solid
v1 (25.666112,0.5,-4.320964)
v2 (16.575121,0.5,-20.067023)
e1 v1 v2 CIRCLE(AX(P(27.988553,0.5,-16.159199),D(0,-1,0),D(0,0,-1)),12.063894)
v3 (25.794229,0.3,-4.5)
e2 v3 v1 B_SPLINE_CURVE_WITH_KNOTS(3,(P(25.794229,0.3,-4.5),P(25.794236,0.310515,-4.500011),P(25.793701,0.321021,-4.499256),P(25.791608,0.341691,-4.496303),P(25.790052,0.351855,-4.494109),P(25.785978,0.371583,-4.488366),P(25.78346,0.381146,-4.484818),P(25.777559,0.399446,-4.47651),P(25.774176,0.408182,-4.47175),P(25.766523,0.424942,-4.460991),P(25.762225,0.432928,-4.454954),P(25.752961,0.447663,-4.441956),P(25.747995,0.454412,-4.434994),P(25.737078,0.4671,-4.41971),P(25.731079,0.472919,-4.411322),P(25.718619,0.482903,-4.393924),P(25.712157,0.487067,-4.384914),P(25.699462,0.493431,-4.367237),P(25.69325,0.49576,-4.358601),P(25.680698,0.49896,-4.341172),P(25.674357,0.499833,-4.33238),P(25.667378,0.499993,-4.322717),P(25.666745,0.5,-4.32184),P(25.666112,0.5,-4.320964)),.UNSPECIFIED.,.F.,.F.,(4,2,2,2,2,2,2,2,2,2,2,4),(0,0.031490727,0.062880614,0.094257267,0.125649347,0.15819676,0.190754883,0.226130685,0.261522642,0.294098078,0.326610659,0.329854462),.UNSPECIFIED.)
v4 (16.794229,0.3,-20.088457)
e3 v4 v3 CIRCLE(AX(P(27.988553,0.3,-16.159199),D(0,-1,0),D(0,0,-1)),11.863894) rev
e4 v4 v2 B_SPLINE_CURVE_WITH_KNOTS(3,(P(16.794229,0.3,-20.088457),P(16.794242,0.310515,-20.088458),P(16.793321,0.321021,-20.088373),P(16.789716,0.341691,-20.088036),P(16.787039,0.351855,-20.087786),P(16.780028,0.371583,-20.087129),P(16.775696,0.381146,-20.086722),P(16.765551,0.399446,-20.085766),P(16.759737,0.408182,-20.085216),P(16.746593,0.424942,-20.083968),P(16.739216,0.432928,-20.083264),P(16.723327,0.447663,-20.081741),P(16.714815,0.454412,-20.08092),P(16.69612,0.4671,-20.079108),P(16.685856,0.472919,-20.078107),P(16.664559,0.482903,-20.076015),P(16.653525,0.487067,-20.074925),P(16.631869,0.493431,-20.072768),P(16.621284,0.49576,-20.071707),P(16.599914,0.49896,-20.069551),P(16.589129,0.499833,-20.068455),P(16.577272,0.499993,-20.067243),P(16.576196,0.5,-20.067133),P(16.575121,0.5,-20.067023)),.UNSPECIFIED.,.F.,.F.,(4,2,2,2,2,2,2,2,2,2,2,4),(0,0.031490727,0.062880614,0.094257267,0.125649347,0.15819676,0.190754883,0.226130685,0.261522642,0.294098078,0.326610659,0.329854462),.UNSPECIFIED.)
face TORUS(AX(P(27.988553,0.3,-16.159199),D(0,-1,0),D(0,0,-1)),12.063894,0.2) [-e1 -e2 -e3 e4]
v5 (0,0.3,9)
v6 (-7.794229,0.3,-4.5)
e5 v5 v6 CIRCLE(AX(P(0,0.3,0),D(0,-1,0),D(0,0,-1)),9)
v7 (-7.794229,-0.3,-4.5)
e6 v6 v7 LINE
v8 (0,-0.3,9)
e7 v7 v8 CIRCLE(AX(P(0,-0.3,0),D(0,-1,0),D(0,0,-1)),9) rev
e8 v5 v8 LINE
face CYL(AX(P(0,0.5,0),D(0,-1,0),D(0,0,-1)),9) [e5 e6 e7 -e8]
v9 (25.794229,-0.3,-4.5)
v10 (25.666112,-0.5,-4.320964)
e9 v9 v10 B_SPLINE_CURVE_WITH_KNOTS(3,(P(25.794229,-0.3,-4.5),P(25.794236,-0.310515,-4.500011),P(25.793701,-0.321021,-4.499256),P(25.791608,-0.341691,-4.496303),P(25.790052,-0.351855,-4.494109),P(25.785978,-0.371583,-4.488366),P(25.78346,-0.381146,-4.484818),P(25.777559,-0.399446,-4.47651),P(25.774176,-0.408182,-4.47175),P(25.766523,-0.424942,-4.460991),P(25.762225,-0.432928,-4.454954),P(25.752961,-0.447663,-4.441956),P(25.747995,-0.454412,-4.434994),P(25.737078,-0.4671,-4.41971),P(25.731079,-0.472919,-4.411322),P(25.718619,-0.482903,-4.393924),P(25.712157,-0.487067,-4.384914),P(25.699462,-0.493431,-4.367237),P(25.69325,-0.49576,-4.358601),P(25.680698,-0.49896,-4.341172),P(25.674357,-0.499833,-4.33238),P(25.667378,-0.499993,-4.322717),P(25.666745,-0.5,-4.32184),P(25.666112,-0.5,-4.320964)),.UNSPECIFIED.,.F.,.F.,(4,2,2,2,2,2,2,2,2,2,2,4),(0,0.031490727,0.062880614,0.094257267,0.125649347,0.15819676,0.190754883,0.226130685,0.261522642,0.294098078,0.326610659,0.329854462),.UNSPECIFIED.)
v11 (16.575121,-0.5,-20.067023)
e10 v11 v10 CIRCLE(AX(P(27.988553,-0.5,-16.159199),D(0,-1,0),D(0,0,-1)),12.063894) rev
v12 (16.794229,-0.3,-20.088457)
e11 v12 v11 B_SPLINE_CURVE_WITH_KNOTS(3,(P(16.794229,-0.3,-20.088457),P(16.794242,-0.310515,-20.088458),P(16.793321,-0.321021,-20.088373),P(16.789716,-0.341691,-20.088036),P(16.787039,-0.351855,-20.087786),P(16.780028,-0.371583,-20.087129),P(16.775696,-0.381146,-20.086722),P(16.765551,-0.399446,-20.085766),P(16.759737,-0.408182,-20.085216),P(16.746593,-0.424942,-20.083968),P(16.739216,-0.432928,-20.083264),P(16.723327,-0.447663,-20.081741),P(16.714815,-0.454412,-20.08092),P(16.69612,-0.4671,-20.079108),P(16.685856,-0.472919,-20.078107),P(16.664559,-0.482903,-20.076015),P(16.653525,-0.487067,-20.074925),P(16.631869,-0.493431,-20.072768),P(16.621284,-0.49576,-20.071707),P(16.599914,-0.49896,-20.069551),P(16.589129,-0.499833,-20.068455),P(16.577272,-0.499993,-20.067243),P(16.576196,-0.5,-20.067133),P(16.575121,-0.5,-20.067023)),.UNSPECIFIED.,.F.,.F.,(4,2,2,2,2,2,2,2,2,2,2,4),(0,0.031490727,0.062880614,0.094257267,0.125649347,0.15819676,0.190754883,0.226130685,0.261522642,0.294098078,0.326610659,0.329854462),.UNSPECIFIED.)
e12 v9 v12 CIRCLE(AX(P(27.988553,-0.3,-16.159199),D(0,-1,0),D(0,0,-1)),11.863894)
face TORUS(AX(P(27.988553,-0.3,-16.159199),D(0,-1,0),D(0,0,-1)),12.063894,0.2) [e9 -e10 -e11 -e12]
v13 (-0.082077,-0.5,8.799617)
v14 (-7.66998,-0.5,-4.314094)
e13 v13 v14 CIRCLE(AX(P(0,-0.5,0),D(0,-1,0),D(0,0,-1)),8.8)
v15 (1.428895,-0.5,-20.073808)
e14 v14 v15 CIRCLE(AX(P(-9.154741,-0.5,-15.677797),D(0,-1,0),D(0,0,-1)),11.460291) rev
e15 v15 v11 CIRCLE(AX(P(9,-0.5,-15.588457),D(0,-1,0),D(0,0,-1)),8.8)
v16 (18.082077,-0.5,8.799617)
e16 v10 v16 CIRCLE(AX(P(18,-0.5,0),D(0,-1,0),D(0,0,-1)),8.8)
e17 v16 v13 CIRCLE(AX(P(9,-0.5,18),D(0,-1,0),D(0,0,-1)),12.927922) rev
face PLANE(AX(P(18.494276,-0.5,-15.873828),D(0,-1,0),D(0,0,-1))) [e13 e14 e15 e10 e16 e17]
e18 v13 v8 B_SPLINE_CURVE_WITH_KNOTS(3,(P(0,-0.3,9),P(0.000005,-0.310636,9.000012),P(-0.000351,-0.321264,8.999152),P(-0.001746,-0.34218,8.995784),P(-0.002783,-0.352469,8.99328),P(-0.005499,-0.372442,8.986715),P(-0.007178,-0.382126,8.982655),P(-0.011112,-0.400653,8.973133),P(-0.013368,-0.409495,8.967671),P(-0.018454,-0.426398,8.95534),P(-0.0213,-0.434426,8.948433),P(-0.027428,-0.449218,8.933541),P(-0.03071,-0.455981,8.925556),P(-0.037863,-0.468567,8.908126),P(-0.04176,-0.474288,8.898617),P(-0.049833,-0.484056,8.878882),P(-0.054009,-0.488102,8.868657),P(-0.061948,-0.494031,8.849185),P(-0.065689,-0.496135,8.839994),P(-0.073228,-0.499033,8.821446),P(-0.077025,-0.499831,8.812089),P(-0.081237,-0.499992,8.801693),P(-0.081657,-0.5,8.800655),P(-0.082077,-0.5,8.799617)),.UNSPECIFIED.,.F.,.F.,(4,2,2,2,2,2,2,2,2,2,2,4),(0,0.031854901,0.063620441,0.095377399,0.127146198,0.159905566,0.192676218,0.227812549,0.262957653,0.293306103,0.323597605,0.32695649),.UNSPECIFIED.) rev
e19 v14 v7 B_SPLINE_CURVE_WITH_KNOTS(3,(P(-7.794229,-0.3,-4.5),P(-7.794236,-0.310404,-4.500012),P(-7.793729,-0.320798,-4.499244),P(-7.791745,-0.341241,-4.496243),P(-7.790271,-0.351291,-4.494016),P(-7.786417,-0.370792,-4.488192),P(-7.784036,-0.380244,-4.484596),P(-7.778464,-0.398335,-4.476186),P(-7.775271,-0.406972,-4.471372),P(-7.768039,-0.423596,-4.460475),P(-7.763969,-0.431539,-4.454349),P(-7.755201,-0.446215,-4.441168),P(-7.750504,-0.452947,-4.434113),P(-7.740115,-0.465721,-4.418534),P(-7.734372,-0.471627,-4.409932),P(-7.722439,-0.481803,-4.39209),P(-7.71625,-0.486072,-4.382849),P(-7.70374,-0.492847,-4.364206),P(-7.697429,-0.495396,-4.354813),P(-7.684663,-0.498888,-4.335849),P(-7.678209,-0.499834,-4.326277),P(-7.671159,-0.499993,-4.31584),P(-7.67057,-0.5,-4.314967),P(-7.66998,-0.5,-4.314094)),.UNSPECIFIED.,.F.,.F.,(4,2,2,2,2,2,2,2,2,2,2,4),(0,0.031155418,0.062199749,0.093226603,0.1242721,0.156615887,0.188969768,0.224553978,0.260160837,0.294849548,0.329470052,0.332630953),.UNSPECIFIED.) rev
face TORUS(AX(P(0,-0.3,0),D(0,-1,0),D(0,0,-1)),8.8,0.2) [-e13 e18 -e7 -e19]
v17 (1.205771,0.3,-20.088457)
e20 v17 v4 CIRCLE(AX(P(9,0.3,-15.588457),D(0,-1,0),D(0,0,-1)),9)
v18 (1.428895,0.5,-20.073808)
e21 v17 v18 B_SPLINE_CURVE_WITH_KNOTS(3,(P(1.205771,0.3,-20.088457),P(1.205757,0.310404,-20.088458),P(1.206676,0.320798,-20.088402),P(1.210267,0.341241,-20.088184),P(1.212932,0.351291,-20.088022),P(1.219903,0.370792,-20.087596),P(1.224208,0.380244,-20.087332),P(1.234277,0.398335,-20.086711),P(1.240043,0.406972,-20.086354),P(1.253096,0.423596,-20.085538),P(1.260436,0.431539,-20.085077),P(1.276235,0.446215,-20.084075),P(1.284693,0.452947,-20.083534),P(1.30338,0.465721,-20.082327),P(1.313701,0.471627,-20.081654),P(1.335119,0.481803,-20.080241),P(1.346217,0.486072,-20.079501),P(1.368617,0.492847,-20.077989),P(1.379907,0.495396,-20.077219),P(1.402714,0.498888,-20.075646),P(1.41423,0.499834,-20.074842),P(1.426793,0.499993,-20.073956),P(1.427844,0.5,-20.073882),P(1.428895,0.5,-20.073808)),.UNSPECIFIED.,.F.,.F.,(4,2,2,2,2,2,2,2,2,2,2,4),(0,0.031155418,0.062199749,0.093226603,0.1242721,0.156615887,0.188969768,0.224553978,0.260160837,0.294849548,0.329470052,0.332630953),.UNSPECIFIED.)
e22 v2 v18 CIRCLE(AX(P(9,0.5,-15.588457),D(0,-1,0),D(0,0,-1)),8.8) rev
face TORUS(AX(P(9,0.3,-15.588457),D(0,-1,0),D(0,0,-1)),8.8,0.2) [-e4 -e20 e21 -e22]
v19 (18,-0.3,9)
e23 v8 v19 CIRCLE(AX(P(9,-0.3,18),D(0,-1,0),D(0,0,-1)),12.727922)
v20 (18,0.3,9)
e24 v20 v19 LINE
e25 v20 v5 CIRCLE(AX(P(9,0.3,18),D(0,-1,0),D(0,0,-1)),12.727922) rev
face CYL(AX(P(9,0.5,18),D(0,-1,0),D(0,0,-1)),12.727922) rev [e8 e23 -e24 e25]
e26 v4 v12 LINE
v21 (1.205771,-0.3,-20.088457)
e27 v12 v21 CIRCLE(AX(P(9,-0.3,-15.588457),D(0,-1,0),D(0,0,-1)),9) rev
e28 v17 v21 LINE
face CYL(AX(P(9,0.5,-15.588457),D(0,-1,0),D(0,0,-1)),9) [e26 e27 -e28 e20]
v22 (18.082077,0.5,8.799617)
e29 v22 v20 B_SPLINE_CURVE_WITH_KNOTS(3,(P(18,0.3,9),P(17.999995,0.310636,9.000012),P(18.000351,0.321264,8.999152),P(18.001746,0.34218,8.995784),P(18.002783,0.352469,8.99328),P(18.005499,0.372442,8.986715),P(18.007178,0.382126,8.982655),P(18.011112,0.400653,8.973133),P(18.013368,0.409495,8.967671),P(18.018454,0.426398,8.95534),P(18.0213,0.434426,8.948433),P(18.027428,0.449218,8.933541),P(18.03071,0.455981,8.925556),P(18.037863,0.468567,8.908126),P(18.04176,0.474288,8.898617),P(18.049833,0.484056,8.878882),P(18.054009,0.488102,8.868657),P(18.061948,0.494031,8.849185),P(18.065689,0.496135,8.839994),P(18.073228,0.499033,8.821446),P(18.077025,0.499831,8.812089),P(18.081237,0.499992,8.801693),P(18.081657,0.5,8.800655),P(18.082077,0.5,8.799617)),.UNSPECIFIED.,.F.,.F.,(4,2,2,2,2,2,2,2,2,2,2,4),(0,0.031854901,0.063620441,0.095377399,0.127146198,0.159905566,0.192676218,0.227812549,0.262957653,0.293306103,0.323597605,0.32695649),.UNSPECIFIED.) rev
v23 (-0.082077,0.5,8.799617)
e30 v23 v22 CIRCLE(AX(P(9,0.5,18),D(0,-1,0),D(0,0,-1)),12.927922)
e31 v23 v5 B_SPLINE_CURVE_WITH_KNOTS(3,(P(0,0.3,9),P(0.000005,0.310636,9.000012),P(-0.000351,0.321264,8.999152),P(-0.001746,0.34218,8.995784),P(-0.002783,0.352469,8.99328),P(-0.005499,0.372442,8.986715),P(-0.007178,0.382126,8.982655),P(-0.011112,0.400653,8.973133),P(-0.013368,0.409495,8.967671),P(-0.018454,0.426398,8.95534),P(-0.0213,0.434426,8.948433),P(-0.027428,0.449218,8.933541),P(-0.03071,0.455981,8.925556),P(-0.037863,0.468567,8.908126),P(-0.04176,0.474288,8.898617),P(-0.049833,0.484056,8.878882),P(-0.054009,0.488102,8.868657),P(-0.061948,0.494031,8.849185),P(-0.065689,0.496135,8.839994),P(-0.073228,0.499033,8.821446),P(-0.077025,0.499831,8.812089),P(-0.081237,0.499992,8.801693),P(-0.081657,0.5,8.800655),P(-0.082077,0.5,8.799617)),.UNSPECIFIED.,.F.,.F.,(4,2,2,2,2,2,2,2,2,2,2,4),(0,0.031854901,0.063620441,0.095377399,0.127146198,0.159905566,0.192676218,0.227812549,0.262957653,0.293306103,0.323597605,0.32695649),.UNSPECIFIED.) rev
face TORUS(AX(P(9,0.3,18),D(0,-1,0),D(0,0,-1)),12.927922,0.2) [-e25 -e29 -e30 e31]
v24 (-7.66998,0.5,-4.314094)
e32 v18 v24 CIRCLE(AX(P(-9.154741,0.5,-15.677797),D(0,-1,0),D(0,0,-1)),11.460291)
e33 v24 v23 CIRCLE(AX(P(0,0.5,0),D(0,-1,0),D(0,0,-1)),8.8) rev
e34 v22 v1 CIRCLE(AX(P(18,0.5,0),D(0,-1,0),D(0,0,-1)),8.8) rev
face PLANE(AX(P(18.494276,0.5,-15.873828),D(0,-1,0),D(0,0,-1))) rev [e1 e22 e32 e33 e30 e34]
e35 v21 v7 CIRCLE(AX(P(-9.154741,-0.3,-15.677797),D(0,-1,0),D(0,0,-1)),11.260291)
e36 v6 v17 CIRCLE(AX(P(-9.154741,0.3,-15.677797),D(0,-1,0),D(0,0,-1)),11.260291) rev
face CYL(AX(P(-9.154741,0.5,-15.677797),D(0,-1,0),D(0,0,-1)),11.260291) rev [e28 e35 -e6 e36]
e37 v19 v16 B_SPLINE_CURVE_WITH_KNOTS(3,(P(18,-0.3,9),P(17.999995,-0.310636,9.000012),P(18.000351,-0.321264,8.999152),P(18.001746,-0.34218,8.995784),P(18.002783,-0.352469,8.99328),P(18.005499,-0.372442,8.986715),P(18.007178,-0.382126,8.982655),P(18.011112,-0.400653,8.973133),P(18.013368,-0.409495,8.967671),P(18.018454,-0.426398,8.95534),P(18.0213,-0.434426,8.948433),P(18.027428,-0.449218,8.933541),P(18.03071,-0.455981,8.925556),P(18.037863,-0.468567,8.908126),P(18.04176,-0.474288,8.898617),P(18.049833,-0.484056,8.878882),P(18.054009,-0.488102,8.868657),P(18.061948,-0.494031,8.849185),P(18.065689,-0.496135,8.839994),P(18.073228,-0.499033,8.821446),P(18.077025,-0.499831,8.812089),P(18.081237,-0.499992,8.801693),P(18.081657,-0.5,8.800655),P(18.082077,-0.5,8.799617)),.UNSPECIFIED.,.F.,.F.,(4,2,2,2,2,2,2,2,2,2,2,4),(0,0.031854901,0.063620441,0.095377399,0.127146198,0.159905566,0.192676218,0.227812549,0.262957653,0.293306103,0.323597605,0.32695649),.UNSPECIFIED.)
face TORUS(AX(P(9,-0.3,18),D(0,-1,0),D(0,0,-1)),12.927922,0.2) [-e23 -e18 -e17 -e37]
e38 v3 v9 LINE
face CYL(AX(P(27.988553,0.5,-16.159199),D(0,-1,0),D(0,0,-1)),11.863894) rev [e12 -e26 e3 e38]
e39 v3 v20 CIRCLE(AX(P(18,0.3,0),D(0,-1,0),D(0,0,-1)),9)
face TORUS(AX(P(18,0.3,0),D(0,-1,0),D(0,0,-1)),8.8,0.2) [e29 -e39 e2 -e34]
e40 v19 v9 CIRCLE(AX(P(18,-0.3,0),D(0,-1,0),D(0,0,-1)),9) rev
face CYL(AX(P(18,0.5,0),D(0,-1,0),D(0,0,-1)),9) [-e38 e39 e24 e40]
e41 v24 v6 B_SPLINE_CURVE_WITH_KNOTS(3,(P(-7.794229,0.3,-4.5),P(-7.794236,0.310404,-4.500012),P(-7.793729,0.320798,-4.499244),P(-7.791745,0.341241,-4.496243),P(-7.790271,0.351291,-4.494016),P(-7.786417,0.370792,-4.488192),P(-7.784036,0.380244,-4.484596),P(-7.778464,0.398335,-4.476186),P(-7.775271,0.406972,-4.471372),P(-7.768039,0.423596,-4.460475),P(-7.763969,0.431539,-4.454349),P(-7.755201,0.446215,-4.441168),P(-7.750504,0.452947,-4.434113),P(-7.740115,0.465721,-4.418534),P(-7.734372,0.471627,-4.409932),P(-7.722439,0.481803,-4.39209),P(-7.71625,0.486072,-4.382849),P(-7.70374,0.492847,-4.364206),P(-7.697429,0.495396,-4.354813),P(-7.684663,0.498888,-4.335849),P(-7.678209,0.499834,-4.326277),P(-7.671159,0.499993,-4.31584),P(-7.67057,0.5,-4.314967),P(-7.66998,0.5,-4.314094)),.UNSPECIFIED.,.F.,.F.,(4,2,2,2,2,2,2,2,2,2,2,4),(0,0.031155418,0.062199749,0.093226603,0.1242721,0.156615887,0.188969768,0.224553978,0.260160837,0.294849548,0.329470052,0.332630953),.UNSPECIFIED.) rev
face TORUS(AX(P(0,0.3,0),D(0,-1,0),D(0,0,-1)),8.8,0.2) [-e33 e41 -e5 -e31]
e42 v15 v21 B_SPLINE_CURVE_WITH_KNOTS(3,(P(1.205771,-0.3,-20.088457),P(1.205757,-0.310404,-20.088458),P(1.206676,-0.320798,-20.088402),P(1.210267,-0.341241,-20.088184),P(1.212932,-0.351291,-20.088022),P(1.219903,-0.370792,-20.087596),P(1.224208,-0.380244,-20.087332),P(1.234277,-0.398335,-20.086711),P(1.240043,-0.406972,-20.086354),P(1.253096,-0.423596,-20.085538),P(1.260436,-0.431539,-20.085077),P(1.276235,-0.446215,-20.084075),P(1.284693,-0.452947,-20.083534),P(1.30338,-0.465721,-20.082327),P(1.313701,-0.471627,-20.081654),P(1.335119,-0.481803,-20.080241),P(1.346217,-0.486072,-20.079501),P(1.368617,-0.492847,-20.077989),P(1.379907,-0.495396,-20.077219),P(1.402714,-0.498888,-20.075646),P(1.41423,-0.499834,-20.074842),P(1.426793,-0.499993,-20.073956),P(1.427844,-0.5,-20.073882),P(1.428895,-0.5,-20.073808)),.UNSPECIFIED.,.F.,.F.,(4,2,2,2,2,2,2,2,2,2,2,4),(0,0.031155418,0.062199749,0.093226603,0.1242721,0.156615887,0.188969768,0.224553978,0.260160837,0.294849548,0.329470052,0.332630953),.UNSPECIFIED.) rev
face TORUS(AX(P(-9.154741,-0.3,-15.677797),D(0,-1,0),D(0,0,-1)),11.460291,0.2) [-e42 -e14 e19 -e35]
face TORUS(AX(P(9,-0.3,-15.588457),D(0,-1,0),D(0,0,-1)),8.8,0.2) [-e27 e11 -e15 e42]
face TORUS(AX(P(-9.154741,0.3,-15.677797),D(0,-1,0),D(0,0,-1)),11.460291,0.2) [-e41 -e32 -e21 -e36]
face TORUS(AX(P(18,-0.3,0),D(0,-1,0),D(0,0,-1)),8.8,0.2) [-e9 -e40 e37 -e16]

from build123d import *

# Parameters (mm, degrees)
BOSS_EXTRUDE1_DEPTH = 0.5
FILLET1_R           = 0.2


with BuildPart() as part:
    # Sketch1 → Boss-Extrude1 (new body, symmetric)
    with BuildSketch(Plane(origin=(0, 0, 0), x_dir=(1, 0, 0), z_dir=(0, 1, 0))):
        with BuildLine():
            ThreePointArc((-7.794228634, 4.5), (0.59695643, 10.04765189), (1.205771366, 20.088457268))
            ThreePointArc((1.205771366, 20.088457268), (9, 24.588457268), (16.794228634, 20.088457268))
            ThreePointArc((16.794228634, 20.088457268), (17.714119694, 10.227251774), (25.794228634, 4.5))
            ThreePointArc((25.794228634, 4.5), (25.794228634, -4.5), (18, -9))
            ThreePointArc((18, -9), (9, -5.272077939), (0, -9))
            ThreePointArc((0, -9), (-7.794228634, -4.5), (-7.794228634, 4.5))
        make_face()
    extrude(amount=BOSS_EXTRUDE1_DEPTH, both=True)

    # Fillet1
    fillet1_edges = [part.edges().sort_by_distance(p)[0] for p in [
        (0.59695643, 0.5, -10.04765189),
        (-7.794228634, 0.5, 4.5),
        (9, 0.5, 5.272077939),
        (25.794228634, 0.5, 4.5),
        (17.714119694, 0.5, -10.227251774),
        (25.794228634, -0.5, 4.5),
        (9, -0.5, 5.272077939),
        (-7.794228634, -0.5, 4.5),
        (9, 0.5, -24.588457268),
        (0.59695643, -0.5, -10.04765189),
        (9, -0.5, -24.588457268),
        (17.714119694, -0.5, -10.227251774),
    ]]
    fillet(fillet1_edges, radius=FILLET1_R)


solid = part.part
